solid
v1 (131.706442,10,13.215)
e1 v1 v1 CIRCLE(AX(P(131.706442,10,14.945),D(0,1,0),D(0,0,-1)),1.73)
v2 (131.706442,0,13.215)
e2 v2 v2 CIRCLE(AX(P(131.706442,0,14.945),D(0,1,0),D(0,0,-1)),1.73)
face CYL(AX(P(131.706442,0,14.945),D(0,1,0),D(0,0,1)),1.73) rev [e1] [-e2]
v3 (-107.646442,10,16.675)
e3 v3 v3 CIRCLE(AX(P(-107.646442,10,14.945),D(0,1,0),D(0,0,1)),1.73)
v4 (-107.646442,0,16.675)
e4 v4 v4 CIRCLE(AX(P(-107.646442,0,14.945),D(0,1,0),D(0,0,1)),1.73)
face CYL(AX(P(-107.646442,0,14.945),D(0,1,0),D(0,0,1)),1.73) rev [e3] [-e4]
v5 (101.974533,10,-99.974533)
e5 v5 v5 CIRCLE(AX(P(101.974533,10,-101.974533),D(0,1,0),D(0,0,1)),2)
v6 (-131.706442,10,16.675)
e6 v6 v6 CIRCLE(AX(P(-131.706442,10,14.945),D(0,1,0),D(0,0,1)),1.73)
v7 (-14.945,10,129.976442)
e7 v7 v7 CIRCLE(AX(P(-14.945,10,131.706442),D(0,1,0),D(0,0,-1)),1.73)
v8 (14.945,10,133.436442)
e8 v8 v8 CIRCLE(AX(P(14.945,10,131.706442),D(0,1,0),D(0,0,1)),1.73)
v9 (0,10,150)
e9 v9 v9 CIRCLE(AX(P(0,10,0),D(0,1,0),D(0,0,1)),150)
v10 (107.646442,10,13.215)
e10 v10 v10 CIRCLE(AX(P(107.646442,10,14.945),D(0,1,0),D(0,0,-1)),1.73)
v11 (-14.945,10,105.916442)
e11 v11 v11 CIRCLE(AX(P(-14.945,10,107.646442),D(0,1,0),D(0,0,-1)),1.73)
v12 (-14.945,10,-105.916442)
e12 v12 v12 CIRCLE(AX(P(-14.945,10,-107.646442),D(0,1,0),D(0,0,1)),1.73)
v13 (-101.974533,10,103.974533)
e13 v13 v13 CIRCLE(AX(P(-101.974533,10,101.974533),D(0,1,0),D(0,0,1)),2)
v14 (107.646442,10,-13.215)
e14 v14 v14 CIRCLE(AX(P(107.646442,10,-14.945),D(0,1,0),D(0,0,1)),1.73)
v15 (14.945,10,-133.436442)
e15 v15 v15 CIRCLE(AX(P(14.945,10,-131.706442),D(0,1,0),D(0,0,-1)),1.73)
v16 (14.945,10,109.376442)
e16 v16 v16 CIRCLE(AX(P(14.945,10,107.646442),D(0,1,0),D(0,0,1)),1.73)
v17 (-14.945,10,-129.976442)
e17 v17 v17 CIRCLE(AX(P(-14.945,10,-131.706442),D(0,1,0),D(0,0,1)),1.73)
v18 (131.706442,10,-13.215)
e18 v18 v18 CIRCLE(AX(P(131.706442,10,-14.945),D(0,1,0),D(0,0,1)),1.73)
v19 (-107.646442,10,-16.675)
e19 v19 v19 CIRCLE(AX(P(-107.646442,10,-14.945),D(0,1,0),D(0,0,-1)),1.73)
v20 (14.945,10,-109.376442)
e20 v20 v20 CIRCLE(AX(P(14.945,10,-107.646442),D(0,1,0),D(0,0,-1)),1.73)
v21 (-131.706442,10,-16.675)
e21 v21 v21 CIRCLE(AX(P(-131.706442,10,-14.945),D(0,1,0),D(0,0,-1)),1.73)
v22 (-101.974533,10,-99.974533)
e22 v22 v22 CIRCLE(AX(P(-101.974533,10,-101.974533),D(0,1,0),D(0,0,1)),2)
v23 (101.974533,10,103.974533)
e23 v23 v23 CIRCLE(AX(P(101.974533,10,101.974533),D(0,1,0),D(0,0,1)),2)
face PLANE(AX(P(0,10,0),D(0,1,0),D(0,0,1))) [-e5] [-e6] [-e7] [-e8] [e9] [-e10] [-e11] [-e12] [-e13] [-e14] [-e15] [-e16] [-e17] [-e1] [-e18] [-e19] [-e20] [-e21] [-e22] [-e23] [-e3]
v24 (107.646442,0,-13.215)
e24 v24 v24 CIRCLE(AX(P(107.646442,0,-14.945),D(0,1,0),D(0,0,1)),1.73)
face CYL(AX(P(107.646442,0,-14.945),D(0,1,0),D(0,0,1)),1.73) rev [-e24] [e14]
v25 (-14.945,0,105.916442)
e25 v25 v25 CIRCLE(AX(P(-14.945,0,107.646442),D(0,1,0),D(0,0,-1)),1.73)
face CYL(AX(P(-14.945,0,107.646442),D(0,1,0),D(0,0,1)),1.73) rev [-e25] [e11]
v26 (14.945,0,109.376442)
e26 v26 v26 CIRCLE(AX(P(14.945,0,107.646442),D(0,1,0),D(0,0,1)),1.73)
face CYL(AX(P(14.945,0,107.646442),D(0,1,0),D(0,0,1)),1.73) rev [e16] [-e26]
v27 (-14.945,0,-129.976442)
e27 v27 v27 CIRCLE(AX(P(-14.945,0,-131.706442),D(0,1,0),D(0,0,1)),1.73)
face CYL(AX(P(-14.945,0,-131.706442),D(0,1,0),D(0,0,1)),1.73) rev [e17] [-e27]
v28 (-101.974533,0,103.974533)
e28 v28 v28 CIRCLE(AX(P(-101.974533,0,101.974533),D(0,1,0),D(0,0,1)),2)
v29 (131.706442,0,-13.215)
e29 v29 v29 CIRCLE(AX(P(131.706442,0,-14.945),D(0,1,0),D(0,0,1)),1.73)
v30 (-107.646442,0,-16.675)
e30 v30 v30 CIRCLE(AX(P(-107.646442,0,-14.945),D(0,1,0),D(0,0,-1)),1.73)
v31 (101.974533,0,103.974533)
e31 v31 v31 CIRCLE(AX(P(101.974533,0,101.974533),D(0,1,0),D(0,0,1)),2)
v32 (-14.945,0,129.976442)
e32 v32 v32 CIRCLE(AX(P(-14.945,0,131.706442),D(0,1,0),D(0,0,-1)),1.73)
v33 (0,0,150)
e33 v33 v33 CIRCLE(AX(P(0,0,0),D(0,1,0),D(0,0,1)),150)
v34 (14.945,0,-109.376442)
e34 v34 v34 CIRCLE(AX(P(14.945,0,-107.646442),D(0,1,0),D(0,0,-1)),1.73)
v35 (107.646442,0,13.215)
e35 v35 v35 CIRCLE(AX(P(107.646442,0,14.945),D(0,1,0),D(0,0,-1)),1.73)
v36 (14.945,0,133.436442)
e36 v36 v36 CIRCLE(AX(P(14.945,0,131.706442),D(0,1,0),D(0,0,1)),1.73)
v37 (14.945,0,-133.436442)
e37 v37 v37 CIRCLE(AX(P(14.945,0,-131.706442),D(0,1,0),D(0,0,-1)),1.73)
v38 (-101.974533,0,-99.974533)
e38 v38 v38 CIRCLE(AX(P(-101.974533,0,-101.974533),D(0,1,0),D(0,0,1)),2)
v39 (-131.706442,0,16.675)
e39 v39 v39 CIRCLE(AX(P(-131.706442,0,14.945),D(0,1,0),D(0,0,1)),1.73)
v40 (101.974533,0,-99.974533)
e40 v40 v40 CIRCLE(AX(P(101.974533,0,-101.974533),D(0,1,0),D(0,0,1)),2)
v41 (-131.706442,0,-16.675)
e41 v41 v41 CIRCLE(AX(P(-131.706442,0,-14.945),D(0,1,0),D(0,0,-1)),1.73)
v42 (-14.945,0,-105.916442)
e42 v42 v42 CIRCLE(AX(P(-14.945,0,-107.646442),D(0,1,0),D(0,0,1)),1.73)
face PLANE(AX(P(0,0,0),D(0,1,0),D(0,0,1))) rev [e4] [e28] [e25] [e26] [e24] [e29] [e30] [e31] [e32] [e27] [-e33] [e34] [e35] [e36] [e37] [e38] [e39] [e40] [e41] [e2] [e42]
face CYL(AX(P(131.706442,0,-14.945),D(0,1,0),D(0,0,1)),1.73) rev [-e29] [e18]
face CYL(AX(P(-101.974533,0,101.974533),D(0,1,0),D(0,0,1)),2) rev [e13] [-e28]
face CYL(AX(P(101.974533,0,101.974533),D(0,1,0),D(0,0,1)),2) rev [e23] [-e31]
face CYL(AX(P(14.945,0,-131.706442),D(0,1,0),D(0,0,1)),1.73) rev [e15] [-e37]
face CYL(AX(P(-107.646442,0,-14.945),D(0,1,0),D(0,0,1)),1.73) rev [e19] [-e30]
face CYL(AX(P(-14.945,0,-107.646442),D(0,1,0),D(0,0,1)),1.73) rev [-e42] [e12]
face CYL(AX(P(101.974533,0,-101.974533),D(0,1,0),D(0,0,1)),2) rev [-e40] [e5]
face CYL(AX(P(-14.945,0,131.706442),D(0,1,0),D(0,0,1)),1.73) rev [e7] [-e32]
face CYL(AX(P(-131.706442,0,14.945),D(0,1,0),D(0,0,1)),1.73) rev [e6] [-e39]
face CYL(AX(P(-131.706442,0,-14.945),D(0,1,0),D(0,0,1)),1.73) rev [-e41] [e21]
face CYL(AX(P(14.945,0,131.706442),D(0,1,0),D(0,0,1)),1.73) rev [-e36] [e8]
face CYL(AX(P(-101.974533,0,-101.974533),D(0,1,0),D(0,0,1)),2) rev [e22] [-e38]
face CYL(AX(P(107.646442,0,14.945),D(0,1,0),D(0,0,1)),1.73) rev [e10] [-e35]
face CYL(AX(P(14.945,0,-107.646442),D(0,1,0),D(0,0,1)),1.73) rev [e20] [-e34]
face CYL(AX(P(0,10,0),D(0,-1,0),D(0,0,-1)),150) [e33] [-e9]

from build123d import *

# Parameters (mm, degrees)
SKETCH1_R           = 150
BOSS_EXTRUDE1_DEPTH = 10
SKETCH2_R           = 1.73
SKETCH2_R_2         = 2
CUT_EXTRUDE1_DEPTH  = 10


with BuildPart() as part:
    # Sketch1 → Boss-Extrude1 (new body)
    with BuildSketch(Plane(origin=(0, 0, 0), x_dir=(1, 0, 0), z_dir=(0, 1, 0))):
        with Locations(Location((0, 0, 0), (0, 0, 270))):
            Circle(SKETCH1_R)
    extrude(amount=BOSS_EXTRUDE1_DEPTH)

    # Sketch2 → Cut-Extrude1 (cut)
    with BuildSketch(Plane(origin=(0, 10, 0), x_dir=(1, 0, 0), z_dir=(0, 1, 0))):
        with Locations(Location((-14.945, 131.706442493, 0), (0, 0, 270))):
            Circle(SKETCH2_R)
        with Locations(Location((-14.945, 107.646442493, 0), (0, 0, 270))):
            Circle(SKETCH2_R)
        with Locations(Location((14.945, 107.646442493, 0), (0, 0, 90))):
            Circle(SKETCH2_R)
        with Locations(Location((14.945, 131.706442493, 0), (0, 0, 90))):
            Circle(SKETCH2_R)
        with Locations(Location((131.706442493, 14.945, 0), (0, 0, 270))):
            Circle(SKETCH2_R)
        with Locations(Location((131.706442493, -14.945, 0), (0, 0, 90))):
            Circle(SKETCH2_R)
        with Locations(Location((107.646442493, -14.945, 0), (0, 0, 90))):
            Circle(SKETCH2_R)
        with Locations(Location((107.646442493, 14.945, 0), (0, 0, 270))):
            Circle(SKETCH2_R)
        with Locations(Location((14.945, -131.706442493, 0), (0, 0, 270))):
            Circle(SKETCH2_R)
        with Locations(Location((-14.945, -131.706442493, 0), (0, 0, 90))):
            Circle(SKETCH2_R)
        with Locations(Location((-14.945, -107.646442493, 0), (0, 0, 90))):
            Circle(SKETCH2_R)
        with Locations(Location((14.945, -107.646442493, 0), (0, 0, 270))):
            Circle(SKETCH2_R)
        with Locations(Location((-131.706442493, -14.945, 0), (0, 0, 270))):
            Circle(SKETCH2_R)
        with Locations(Location((-131.706442493, 14.945, 0), (0, 0, 90))):
            Circle(SKETCH2_R)
        with Locations(Location((-107.646442493, 14.945, 0), (0, 0, 90))):
            Circle(SKETCH2_R)
        with Locations(Location((-107.646442493, -14.945, 0), (0, 0, 270))):
            Circle(SKETCH2_R)
        with Locations(Location((101.974532959, 101.974532959, 0), (0, 0, 270))):
            Circle(SKETCH2_R_2)
        with Locations(Location((101.974532959, -101.974532959, 0), (0, 0, 270))):
            Circle(SKETCH2_R_2)
        with Locations(Location((-101.974532959, -101.974532959, 0), (0, 0, 270))):
            Circle(SKETCH2_R_2)
        with Locations(Location((-101.974532959, 101.974532959, 0), (0, 0, 270))):
            Circle(SKETCH2_R_2)
    extrude(amount=-CUT_EXTRUDE1_DEPTH, mode=Mode.SUBTRACT)


solid = part.part
